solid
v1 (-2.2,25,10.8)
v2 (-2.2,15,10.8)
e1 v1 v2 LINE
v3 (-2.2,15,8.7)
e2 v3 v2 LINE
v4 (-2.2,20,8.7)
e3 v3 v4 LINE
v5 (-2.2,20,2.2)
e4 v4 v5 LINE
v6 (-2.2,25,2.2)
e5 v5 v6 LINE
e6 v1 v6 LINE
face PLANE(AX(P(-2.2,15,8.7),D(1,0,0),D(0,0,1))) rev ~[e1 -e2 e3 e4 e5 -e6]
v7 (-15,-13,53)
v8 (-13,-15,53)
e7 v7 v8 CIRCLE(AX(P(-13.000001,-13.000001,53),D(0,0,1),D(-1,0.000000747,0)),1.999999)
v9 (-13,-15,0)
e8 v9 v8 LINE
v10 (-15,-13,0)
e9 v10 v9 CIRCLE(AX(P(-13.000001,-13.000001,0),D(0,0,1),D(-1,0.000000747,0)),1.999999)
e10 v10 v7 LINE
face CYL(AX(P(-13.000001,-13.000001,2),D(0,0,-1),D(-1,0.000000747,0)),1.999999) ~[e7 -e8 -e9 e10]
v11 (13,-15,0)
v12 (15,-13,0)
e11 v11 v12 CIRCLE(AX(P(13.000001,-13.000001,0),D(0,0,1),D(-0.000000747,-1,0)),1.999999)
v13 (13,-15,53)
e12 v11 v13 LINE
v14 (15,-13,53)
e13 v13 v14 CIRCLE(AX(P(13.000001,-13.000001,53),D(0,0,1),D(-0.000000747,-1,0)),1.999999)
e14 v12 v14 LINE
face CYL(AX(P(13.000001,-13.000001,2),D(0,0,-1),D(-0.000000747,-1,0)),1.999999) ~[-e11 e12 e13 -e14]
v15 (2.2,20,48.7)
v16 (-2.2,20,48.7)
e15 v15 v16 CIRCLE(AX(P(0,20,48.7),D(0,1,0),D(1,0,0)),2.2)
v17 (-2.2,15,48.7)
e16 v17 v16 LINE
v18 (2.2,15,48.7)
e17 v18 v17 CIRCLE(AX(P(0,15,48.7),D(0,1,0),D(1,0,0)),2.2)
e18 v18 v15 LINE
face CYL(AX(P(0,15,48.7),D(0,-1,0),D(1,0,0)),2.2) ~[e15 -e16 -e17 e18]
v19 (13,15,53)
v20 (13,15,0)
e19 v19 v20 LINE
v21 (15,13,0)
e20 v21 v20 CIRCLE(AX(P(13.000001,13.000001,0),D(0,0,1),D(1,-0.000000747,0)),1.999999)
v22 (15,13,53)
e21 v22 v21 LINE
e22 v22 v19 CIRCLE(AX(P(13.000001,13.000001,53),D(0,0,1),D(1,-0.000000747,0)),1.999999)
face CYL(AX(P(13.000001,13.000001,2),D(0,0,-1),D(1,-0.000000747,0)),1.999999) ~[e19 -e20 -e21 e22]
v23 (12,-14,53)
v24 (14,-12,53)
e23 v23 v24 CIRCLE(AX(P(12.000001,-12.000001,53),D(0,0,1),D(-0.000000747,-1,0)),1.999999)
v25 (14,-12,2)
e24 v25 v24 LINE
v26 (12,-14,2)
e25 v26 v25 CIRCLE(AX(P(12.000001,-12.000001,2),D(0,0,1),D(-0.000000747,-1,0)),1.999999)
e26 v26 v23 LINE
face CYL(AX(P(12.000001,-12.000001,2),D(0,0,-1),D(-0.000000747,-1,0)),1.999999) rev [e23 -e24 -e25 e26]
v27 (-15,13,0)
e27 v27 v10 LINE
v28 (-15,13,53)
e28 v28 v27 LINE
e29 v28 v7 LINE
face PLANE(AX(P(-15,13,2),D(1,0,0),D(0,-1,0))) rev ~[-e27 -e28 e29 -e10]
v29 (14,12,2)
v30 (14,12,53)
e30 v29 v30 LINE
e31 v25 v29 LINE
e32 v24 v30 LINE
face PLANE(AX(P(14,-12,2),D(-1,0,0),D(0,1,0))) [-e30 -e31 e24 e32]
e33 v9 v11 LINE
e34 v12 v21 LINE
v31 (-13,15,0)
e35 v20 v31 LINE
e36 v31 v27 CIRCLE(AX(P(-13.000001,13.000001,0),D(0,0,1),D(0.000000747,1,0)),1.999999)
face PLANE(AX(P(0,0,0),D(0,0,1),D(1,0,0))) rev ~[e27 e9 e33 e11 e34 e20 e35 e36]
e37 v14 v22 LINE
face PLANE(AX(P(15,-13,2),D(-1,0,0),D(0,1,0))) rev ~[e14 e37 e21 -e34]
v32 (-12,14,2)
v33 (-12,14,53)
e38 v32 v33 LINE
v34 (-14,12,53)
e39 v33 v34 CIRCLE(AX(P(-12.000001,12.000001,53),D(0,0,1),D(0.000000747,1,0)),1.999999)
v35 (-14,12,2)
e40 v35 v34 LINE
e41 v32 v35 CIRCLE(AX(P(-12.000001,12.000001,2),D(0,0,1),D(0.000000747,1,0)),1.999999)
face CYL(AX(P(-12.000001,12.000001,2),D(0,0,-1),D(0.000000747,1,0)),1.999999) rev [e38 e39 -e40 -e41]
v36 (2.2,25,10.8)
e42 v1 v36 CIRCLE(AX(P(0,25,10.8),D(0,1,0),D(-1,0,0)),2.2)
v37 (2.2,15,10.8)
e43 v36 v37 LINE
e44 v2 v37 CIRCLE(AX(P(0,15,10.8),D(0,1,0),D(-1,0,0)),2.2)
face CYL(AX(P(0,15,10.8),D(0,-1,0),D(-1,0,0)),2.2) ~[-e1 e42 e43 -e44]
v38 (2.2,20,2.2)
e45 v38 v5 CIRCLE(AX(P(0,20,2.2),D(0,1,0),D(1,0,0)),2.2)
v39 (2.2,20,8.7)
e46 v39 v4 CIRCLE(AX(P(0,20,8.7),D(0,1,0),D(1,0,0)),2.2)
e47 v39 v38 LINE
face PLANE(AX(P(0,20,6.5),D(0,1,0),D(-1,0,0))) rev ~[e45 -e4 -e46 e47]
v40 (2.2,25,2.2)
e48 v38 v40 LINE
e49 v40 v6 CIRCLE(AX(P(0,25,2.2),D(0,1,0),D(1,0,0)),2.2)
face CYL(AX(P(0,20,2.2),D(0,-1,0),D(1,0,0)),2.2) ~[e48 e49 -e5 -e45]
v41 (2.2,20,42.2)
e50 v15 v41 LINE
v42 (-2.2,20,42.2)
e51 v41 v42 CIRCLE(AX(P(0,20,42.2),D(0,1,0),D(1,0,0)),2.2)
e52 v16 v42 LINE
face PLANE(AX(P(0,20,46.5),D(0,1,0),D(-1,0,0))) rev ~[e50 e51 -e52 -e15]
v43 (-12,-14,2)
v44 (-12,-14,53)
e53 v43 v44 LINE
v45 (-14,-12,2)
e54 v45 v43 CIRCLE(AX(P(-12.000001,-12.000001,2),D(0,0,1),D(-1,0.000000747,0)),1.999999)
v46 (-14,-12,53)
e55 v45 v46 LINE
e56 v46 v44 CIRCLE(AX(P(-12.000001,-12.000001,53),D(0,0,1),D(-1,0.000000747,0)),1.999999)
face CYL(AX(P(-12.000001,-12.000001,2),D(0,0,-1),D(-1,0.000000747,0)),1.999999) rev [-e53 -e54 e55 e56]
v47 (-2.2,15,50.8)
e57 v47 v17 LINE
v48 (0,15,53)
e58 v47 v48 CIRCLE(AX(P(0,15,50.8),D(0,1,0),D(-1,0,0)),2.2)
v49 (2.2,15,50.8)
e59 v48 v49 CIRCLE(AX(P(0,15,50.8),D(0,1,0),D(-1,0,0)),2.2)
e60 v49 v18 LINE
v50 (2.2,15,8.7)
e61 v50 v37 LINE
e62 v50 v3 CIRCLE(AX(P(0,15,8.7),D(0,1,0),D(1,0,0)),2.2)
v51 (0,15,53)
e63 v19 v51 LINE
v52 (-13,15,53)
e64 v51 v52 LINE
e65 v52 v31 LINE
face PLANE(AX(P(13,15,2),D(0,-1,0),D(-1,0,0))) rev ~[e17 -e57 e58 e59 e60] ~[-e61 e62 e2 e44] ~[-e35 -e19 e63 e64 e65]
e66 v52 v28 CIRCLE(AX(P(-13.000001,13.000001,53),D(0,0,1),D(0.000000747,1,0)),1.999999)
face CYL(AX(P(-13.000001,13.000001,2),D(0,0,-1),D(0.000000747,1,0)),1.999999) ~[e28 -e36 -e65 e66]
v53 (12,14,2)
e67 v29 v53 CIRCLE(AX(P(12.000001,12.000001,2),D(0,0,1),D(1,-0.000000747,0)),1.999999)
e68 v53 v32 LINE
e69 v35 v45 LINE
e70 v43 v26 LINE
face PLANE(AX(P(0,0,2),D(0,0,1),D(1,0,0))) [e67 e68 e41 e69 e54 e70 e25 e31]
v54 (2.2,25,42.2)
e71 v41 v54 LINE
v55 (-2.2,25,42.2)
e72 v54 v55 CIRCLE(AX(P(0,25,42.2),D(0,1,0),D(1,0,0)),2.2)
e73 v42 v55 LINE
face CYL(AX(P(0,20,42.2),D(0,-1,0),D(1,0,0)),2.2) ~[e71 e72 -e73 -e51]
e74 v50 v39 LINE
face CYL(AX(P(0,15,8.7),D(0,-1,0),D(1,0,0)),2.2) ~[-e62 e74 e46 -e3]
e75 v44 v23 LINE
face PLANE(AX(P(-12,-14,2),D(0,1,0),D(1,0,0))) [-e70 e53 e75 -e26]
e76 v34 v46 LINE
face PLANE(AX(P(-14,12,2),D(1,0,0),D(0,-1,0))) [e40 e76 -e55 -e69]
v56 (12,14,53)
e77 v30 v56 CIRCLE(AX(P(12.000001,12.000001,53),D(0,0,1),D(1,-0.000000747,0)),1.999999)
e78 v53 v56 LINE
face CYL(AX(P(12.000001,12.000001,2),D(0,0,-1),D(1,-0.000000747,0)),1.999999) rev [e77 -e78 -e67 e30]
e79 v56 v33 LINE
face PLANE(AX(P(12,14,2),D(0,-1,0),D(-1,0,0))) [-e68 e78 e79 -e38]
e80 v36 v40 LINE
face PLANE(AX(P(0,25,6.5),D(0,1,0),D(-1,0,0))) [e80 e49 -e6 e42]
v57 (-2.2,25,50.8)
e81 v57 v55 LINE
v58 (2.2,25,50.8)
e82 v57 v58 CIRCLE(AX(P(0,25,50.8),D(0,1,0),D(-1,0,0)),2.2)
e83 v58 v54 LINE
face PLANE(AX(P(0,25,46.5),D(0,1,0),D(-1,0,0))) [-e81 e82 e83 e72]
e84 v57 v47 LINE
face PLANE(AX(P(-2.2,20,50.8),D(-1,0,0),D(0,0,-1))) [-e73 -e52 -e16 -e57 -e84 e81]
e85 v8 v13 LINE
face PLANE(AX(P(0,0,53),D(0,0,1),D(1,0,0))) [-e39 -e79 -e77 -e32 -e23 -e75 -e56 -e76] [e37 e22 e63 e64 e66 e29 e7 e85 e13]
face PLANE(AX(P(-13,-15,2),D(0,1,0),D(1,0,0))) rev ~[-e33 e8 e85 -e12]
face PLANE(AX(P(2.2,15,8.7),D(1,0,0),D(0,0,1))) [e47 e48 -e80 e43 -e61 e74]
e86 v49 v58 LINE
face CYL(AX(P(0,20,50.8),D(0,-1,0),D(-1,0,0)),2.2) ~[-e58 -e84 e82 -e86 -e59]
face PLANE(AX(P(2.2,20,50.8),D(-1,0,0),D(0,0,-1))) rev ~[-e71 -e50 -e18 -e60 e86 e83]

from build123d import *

# Parameters (mm, degrees)
PAD_DEPTH    = 2
PAD001_DEPTH = 51
PAD002_DEPTH = 5
PAD003_DEPTH = 5


with BuildPart() as part:
    # Sketch → Pad (new body)
    with BuildSketch(Plane.XY):
        with BuildLine():
            Line((-15, 13), (-15, -13))
            ThreePointArc((-15, -13), (-14.414214, -14.414214), (-13, -15))
            Line((-13, -15), (13, -15))
            ThreePointArc((13, -15), (14.414214, -14.414214), (15, -13))
            Line((15, -13), (15, 13))
            ThreePointArc((15, 13), (14.414214, 14.414214), (13, 15))
            Line((13, 15), (-13, 15))
            ThreePointArc((-13, 15), (-14.414214, 14.414214), (-15, 13))
        make_face()
    extrude(amount=PAD_DEPTH)

    # Sketch001 (on Face10 of Pad) → Pad001 (join)
    with BuildSketch(Plane.XY.offset(2)):
        with BuildLine():
            Line((-15, 13), (-15, -13))
            ThreePointArc((-15, -13), (-14.414214, -14.414214), (-13, -15))
            Line((-13, -15), (13, -15))
            ThreePointArc((13, -15), (14.414214, -14.414214), (15, -13))
            Line((15, -13), (15, 13))
            ThreePointArc((15, 13), (14.414214, 14.414214), (13, 15))
            Line((13, 15), (-13, 15))
            ThreePointArc((-13, 15), (-14.414214, 14.414214), (-15, 13))
        make_face()
        with BuildLine():
            Line((-14, 12), (-14, -12))
            ThreePointArc((-14, -12), (-13.414214, -13.414214), (-12, -14))
            Line((-12, -14), (12, -14))
            ThreePointArc((12, -14), (13.414214, -13.414214), (14, -12))
            Line((14, -12), (14, 12))
            ThreePointArc((14, 12), (13.414214, 13.414214), (12, 14))
            Line((12, 14), (-12, 14))
            ThreePointArc((-12, 14), (-13.414214, 13.414214), (-14, 12))
        make_face(mode=Mode.SUBTRACT)
    extrude(amount=PAD001_DEPTH)

    # Sketch002 (on Face13 of Pad001) → Pad002 (join)
    with BuildSketch(Plane(origin=(0, 15, 0), x_dir=(-1, 0, 0), z_dir=(0, 1, 0))):
        with BuildLine():
            ThreePointArc((2.2, 50.8), (0, 53), (-2.2, 50.8))
            Line((-2.2, 50.8), (-2.2, 48.7))
            ThreePointArc((-2.2, 48.7), (0, 46.5), (2.2, 48.7))
            Line((2.2, 50.8), (2.2, 48.7))
        make_face()
        with BuildLine():
            ThreePointArc((-2.2, 8.7), (0, 6.5), (2.2, 8.7))
            Line((2.2, 8.7), (2.2, 10.8))
            ThreePointArc((2.2, 10.8), (0, 13), (-2.2, 10.8))
            Line((-2.2, 8.7), (-2.2, 10.8))
        make_face()
    extrude(amount=PAD002_DEPTH)

    # Sketch003 (on Face28 of Pad002) → Pad003 (join)
    with BuildSketch(Plane(origin=(0, 20, 0), x_dir=(-1, 0, 0), z_dir=(0, 1, 0))):
        with BuildLine():
            ThreePointArc((2.2, 50.8), (0, 53), (-2.2, 50.8))
            Line((-2.2, 50.8), (-2.2, 42.2))
            ThreePointArc((-2.2, 42.2), (0, 40), (2.2, 42.2))
            Line((2.2, 50.8), (2.2, 42.2))
        make_face()
        with BuildLine():
            ThreePointArc((2.2, 10.8), (0, 13), (-2.2, 10.8))
            Line((-2.2, 10.8), (-2.2, 2.2))
            ThreePointArc((-2.2, 2.2), (0, 0), (2.2, 2.2))
            Line((2.2, 10.8), (2.2, 2.2))
        make_face()
    extrude(amount=PAD003_DEPTH)


solid = part.part
